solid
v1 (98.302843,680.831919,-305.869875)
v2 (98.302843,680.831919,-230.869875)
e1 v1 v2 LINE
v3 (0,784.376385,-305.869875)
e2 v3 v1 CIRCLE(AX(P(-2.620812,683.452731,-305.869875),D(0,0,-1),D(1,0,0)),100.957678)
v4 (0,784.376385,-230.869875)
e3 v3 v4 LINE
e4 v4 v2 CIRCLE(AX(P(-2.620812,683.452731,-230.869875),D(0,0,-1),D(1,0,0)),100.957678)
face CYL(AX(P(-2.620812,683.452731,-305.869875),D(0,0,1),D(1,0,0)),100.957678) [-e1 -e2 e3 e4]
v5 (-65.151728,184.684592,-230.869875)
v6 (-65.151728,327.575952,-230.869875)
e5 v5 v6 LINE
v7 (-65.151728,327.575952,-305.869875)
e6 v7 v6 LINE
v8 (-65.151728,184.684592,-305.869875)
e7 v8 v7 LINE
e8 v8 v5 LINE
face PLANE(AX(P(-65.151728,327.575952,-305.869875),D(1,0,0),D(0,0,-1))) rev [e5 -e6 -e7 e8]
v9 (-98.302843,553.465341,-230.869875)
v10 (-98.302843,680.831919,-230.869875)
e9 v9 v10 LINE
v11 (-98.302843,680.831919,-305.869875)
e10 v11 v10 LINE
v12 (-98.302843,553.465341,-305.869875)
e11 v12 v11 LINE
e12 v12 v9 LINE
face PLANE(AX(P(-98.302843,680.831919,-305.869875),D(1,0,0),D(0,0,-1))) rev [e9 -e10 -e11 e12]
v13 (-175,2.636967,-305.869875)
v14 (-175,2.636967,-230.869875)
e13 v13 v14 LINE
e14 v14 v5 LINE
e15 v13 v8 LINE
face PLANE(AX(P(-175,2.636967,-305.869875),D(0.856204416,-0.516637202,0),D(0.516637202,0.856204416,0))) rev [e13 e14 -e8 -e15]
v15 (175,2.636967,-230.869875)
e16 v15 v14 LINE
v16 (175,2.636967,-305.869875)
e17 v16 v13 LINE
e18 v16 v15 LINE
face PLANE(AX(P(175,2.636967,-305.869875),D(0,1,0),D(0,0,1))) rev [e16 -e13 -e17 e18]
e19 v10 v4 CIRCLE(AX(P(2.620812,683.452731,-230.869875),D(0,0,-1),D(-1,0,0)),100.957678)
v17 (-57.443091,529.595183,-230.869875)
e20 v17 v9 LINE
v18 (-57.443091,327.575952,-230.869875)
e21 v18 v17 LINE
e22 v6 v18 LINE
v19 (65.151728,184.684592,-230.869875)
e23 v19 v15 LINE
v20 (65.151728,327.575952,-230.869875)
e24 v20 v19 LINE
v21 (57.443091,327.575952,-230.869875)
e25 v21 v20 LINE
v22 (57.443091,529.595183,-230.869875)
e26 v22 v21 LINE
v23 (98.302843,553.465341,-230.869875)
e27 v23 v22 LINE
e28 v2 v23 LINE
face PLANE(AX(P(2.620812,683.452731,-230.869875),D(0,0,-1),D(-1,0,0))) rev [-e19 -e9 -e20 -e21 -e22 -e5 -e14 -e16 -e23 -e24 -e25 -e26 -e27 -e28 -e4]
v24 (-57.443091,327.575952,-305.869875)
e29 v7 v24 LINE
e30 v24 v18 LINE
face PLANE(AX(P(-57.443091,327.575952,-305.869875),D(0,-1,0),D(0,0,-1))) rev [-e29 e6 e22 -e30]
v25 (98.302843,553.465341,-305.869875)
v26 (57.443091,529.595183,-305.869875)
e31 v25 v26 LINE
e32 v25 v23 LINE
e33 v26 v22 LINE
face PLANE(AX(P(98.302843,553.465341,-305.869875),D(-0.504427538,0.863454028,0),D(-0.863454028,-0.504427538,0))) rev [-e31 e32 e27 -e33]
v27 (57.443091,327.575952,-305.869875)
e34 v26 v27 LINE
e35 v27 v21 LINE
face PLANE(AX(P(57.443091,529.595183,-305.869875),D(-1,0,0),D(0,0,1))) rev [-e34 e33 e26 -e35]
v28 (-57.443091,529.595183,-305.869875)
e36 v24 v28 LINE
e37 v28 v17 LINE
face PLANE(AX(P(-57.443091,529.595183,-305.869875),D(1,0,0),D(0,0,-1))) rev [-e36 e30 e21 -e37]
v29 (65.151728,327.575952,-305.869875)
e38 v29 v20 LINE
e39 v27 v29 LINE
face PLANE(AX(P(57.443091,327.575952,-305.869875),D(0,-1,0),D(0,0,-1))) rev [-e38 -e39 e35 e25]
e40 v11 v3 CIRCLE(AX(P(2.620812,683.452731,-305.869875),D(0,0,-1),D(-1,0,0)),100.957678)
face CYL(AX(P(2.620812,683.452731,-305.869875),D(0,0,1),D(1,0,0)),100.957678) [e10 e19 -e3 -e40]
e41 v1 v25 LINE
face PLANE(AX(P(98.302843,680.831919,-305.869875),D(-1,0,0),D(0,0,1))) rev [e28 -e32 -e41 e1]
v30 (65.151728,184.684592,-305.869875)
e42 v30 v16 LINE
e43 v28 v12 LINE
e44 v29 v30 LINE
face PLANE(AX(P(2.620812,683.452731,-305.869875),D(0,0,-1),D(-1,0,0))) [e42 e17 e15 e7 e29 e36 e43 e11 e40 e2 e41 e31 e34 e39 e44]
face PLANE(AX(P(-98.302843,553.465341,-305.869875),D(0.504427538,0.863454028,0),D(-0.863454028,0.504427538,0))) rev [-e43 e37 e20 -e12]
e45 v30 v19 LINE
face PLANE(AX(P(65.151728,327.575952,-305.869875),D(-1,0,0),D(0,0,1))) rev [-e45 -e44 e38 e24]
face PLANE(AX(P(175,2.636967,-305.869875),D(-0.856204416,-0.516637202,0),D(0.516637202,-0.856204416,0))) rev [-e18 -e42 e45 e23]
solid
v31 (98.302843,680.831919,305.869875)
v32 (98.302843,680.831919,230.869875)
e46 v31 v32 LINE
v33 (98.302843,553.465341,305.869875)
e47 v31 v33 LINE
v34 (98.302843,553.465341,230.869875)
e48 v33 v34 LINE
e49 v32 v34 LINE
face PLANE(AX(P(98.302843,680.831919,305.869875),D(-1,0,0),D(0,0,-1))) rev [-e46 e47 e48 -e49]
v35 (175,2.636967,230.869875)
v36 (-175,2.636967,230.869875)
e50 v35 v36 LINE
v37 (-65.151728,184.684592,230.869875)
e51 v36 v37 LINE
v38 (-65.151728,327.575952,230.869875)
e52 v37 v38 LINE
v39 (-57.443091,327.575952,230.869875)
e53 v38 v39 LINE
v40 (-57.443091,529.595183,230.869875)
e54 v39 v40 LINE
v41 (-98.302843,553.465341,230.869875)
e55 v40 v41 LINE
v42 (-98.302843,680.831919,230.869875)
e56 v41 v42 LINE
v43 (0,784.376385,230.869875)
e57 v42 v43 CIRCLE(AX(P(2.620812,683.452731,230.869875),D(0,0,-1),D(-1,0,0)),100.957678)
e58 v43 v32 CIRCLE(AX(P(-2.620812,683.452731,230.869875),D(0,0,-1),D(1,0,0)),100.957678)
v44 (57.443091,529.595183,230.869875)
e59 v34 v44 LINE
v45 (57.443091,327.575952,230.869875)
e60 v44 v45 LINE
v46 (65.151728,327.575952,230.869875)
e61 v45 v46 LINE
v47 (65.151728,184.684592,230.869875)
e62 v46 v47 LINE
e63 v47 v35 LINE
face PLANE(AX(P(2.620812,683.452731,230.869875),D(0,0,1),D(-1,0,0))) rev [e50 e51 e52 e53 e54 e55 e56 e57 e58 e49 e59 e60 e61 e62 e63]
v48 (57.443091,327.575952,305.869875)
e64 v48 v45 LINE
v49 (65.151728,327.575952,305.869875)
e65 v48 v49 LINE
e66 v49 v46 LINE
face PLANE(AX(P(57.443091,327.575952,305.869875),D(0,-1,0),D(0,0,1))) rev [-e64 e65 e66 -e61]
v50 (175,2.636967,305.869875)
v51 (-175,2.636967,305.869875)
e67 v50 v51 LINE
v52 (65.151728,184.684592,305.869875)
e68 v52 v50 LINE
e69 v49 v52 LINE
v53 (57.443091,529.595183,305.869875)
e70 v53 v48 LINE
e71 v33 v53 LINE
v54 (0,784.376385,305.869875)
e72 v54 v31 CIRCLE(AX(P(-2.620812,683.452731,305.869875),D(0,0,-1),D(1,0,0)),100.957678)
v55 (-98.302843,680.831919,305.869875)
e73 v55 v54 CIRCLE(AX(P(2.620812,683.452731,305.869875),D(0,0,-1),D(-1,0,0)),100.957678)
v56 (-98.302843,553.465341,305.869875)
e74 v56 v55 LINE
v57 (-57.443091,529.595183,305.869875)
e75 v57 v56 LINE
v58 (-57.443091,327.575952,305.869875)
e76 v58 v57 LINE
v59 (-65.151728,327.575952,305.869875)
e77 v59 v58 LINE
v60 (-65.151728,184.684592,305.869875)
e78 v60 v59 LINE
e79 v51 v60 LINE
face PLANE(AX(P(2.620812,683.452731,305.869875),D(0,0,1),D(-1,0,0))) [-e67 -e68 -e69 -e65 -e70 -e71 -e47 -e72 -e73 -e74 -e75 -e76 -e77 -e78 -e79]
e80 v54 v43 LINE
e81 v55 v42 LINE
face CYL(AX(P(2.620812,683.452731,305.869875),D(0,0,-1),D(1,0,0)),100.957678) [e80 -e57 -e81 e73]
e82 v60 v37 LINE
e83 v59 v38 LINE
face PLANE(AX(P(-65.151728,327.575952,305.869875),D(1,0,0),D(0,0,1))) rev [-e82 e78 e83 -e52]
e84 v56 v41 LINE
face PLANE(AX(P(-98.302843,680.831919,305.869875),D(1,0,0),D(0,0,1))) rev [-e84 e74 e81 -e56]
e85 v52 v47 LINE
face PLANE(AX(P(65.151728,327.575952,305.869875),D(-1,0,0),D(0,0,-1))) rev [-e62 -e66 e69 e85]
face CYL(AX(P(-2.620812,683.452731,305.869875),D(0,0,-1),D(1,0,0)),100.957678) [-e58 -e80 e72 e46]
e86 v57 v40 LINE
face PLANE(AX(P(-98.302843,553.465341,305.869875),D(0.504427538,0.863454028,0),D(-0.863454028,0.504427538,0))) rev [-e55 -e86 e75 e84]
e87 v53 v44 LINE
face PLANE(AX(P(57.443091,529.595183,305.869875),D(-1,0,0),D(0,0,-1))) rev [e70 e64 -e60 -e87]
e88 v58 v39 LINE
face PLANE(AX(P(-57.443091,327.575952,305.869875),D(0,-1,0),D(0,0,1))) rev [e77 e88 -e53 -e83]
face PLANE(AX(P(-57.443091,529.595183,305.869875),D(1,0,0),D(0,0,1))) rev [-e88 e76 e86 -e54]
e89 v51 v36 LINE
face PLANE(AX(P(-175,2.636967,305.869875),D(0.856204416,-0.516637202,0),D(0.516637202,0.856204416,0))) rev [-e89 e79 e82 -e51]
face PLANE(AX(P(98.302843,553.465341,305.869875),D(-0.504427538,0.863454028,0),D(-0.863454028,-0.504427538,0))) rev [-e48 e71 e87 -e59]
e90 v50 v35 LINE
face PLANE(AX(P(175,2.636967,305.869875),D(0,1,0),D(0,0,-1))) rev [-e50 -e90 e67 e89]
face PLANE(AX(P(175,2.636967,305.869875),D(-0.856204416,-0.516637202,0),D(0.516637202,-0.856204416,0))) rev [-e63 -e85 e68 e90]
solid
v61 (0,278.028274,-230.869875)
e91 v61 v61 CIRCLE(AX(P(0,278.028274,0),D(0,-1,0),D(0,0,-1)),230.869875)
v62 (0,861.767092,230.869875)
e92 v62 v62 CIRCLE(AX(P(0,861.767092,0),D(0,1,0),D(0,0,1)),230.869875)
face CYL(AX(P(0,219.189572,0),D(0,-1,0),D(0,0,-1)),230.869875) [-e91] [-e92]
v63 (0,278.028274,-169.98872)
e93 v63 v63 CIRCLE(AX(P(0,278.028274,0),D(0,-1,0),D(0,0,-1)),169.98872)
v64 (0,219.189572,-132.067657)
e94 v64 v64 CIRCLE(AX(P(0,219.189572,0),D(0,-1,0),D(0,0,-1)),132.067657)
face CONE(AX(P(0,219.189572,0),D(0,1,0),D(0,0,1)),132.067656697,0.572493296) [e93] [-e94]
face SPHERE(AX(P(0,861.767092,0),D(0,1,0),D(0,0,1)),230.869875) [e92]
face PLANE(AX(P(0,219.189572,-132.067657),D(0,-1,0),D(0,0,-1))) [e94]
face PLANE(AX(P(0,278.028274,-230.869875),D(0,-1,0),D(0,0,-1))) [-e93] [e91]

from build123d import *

# Parameters (mm, degrees)
BOSS_EXTRUDE1_DEPTH = 75


with BuildPart() as part:
    # Sketch1 → Revolve1 (revolve)
    with BuildSketch(Plane(origin=(0, 0, 0), x_dir=(0, 0, -1), z_dir=(1, 0, 0))):
        Polygon((0, 786.767092044), (230.869874895, 786.767092044), (230.869874895, 278.028274446), (169.988720126, 278.028274446), (132.067656697, 219.189571635), (0, 219.189571635), align=None)
    revolve(axis=Axis((0, 219.189571635, 0), (0, 1, 0)))

    # Sketch2 → Revolve3 (revolve)
    with BuildSketch(Plane(origin=(0, 0, 0), x_dir=(0, 0, -1), z_dir=(1, 0, 0))):
        with BuildLine():
            ThreePointArc((-230.869874895, 861.767092044), (-163.24965411, 1025.016746154), (0, 1092.636966939))
            Line((0, 1092.636966939), (0, 786.767092044))
            Line((0, 786.767092044), (-230.869874895, 786.767092044))
            Line((-230.869874895, 786.767092044), (-230.869874895, 861.767092044))
        make_face()
    revolve(axis=Axis((0, 786.767092044, 0), (0, -1, 0)))


with BuildPart() as body_2:
    # Sketch7 → Boss-Extrude1 (new body)
    with BuildSketch(Plane(origin=(0, 0, -230.869874895), x_dir=(-1, 0, 0), z_dir=(0, 0, -1))):
        with BuildLine():
            Line((98.30284319, 680.831919222), (98.30284319, 553.465340718))
            Line((98.30284319, 553.465340718), (57.443091038, 529.595182603))
            Line((57.443091038, 529.595182603), (57.443091038, 327.575952081))
            Line((57.443091038, 327.575952081), (65.151727755, 327.575952081))
            Line((65.151727755, 327.575952081), (65.151727755, 184.684592199))
            Line((65.151727755, 184.684592199), (175, 2.636966939))
            Line((175, 2.636966939), (-175, 2.636966939))
            Line((-175, 2.636966939), (-65.151727755, 184.684592199))
            Line((-65.151727755, 184.684592199), (-65.151727755, 327.575952081))
            Line((-65.151727755, 327.575952081), (-57.443091038, 327.575952081))
            Line((-57.443091038, 327.575952081), (-57.443091038, 529.595182603))
            Line((-57.443091038, 529.595182603), (-98.30284319, 553.465340718))
            Line((-98.30284319, 553.465340718), (-98.30284319, 680.831919222))
            ThreePointArc((-98.30284319, 680.831919222), (-70.596182709, 752.96333778), (0, 784.376385469))
            ThreePointArc((0, 784.376385469), (70.596182709, 752.96333778), (98.30284319, 680.831919222))
        make_face()
    extrude(amount=BOSS_EXTRUDE1_DEPTH)


with BuildPart() as body_3:
    # Mirror18: mirrored copy
    add(body_2.part.mirror(Plane.XY))


solid = Compound([part.part, body_2.part, body_3.part])
